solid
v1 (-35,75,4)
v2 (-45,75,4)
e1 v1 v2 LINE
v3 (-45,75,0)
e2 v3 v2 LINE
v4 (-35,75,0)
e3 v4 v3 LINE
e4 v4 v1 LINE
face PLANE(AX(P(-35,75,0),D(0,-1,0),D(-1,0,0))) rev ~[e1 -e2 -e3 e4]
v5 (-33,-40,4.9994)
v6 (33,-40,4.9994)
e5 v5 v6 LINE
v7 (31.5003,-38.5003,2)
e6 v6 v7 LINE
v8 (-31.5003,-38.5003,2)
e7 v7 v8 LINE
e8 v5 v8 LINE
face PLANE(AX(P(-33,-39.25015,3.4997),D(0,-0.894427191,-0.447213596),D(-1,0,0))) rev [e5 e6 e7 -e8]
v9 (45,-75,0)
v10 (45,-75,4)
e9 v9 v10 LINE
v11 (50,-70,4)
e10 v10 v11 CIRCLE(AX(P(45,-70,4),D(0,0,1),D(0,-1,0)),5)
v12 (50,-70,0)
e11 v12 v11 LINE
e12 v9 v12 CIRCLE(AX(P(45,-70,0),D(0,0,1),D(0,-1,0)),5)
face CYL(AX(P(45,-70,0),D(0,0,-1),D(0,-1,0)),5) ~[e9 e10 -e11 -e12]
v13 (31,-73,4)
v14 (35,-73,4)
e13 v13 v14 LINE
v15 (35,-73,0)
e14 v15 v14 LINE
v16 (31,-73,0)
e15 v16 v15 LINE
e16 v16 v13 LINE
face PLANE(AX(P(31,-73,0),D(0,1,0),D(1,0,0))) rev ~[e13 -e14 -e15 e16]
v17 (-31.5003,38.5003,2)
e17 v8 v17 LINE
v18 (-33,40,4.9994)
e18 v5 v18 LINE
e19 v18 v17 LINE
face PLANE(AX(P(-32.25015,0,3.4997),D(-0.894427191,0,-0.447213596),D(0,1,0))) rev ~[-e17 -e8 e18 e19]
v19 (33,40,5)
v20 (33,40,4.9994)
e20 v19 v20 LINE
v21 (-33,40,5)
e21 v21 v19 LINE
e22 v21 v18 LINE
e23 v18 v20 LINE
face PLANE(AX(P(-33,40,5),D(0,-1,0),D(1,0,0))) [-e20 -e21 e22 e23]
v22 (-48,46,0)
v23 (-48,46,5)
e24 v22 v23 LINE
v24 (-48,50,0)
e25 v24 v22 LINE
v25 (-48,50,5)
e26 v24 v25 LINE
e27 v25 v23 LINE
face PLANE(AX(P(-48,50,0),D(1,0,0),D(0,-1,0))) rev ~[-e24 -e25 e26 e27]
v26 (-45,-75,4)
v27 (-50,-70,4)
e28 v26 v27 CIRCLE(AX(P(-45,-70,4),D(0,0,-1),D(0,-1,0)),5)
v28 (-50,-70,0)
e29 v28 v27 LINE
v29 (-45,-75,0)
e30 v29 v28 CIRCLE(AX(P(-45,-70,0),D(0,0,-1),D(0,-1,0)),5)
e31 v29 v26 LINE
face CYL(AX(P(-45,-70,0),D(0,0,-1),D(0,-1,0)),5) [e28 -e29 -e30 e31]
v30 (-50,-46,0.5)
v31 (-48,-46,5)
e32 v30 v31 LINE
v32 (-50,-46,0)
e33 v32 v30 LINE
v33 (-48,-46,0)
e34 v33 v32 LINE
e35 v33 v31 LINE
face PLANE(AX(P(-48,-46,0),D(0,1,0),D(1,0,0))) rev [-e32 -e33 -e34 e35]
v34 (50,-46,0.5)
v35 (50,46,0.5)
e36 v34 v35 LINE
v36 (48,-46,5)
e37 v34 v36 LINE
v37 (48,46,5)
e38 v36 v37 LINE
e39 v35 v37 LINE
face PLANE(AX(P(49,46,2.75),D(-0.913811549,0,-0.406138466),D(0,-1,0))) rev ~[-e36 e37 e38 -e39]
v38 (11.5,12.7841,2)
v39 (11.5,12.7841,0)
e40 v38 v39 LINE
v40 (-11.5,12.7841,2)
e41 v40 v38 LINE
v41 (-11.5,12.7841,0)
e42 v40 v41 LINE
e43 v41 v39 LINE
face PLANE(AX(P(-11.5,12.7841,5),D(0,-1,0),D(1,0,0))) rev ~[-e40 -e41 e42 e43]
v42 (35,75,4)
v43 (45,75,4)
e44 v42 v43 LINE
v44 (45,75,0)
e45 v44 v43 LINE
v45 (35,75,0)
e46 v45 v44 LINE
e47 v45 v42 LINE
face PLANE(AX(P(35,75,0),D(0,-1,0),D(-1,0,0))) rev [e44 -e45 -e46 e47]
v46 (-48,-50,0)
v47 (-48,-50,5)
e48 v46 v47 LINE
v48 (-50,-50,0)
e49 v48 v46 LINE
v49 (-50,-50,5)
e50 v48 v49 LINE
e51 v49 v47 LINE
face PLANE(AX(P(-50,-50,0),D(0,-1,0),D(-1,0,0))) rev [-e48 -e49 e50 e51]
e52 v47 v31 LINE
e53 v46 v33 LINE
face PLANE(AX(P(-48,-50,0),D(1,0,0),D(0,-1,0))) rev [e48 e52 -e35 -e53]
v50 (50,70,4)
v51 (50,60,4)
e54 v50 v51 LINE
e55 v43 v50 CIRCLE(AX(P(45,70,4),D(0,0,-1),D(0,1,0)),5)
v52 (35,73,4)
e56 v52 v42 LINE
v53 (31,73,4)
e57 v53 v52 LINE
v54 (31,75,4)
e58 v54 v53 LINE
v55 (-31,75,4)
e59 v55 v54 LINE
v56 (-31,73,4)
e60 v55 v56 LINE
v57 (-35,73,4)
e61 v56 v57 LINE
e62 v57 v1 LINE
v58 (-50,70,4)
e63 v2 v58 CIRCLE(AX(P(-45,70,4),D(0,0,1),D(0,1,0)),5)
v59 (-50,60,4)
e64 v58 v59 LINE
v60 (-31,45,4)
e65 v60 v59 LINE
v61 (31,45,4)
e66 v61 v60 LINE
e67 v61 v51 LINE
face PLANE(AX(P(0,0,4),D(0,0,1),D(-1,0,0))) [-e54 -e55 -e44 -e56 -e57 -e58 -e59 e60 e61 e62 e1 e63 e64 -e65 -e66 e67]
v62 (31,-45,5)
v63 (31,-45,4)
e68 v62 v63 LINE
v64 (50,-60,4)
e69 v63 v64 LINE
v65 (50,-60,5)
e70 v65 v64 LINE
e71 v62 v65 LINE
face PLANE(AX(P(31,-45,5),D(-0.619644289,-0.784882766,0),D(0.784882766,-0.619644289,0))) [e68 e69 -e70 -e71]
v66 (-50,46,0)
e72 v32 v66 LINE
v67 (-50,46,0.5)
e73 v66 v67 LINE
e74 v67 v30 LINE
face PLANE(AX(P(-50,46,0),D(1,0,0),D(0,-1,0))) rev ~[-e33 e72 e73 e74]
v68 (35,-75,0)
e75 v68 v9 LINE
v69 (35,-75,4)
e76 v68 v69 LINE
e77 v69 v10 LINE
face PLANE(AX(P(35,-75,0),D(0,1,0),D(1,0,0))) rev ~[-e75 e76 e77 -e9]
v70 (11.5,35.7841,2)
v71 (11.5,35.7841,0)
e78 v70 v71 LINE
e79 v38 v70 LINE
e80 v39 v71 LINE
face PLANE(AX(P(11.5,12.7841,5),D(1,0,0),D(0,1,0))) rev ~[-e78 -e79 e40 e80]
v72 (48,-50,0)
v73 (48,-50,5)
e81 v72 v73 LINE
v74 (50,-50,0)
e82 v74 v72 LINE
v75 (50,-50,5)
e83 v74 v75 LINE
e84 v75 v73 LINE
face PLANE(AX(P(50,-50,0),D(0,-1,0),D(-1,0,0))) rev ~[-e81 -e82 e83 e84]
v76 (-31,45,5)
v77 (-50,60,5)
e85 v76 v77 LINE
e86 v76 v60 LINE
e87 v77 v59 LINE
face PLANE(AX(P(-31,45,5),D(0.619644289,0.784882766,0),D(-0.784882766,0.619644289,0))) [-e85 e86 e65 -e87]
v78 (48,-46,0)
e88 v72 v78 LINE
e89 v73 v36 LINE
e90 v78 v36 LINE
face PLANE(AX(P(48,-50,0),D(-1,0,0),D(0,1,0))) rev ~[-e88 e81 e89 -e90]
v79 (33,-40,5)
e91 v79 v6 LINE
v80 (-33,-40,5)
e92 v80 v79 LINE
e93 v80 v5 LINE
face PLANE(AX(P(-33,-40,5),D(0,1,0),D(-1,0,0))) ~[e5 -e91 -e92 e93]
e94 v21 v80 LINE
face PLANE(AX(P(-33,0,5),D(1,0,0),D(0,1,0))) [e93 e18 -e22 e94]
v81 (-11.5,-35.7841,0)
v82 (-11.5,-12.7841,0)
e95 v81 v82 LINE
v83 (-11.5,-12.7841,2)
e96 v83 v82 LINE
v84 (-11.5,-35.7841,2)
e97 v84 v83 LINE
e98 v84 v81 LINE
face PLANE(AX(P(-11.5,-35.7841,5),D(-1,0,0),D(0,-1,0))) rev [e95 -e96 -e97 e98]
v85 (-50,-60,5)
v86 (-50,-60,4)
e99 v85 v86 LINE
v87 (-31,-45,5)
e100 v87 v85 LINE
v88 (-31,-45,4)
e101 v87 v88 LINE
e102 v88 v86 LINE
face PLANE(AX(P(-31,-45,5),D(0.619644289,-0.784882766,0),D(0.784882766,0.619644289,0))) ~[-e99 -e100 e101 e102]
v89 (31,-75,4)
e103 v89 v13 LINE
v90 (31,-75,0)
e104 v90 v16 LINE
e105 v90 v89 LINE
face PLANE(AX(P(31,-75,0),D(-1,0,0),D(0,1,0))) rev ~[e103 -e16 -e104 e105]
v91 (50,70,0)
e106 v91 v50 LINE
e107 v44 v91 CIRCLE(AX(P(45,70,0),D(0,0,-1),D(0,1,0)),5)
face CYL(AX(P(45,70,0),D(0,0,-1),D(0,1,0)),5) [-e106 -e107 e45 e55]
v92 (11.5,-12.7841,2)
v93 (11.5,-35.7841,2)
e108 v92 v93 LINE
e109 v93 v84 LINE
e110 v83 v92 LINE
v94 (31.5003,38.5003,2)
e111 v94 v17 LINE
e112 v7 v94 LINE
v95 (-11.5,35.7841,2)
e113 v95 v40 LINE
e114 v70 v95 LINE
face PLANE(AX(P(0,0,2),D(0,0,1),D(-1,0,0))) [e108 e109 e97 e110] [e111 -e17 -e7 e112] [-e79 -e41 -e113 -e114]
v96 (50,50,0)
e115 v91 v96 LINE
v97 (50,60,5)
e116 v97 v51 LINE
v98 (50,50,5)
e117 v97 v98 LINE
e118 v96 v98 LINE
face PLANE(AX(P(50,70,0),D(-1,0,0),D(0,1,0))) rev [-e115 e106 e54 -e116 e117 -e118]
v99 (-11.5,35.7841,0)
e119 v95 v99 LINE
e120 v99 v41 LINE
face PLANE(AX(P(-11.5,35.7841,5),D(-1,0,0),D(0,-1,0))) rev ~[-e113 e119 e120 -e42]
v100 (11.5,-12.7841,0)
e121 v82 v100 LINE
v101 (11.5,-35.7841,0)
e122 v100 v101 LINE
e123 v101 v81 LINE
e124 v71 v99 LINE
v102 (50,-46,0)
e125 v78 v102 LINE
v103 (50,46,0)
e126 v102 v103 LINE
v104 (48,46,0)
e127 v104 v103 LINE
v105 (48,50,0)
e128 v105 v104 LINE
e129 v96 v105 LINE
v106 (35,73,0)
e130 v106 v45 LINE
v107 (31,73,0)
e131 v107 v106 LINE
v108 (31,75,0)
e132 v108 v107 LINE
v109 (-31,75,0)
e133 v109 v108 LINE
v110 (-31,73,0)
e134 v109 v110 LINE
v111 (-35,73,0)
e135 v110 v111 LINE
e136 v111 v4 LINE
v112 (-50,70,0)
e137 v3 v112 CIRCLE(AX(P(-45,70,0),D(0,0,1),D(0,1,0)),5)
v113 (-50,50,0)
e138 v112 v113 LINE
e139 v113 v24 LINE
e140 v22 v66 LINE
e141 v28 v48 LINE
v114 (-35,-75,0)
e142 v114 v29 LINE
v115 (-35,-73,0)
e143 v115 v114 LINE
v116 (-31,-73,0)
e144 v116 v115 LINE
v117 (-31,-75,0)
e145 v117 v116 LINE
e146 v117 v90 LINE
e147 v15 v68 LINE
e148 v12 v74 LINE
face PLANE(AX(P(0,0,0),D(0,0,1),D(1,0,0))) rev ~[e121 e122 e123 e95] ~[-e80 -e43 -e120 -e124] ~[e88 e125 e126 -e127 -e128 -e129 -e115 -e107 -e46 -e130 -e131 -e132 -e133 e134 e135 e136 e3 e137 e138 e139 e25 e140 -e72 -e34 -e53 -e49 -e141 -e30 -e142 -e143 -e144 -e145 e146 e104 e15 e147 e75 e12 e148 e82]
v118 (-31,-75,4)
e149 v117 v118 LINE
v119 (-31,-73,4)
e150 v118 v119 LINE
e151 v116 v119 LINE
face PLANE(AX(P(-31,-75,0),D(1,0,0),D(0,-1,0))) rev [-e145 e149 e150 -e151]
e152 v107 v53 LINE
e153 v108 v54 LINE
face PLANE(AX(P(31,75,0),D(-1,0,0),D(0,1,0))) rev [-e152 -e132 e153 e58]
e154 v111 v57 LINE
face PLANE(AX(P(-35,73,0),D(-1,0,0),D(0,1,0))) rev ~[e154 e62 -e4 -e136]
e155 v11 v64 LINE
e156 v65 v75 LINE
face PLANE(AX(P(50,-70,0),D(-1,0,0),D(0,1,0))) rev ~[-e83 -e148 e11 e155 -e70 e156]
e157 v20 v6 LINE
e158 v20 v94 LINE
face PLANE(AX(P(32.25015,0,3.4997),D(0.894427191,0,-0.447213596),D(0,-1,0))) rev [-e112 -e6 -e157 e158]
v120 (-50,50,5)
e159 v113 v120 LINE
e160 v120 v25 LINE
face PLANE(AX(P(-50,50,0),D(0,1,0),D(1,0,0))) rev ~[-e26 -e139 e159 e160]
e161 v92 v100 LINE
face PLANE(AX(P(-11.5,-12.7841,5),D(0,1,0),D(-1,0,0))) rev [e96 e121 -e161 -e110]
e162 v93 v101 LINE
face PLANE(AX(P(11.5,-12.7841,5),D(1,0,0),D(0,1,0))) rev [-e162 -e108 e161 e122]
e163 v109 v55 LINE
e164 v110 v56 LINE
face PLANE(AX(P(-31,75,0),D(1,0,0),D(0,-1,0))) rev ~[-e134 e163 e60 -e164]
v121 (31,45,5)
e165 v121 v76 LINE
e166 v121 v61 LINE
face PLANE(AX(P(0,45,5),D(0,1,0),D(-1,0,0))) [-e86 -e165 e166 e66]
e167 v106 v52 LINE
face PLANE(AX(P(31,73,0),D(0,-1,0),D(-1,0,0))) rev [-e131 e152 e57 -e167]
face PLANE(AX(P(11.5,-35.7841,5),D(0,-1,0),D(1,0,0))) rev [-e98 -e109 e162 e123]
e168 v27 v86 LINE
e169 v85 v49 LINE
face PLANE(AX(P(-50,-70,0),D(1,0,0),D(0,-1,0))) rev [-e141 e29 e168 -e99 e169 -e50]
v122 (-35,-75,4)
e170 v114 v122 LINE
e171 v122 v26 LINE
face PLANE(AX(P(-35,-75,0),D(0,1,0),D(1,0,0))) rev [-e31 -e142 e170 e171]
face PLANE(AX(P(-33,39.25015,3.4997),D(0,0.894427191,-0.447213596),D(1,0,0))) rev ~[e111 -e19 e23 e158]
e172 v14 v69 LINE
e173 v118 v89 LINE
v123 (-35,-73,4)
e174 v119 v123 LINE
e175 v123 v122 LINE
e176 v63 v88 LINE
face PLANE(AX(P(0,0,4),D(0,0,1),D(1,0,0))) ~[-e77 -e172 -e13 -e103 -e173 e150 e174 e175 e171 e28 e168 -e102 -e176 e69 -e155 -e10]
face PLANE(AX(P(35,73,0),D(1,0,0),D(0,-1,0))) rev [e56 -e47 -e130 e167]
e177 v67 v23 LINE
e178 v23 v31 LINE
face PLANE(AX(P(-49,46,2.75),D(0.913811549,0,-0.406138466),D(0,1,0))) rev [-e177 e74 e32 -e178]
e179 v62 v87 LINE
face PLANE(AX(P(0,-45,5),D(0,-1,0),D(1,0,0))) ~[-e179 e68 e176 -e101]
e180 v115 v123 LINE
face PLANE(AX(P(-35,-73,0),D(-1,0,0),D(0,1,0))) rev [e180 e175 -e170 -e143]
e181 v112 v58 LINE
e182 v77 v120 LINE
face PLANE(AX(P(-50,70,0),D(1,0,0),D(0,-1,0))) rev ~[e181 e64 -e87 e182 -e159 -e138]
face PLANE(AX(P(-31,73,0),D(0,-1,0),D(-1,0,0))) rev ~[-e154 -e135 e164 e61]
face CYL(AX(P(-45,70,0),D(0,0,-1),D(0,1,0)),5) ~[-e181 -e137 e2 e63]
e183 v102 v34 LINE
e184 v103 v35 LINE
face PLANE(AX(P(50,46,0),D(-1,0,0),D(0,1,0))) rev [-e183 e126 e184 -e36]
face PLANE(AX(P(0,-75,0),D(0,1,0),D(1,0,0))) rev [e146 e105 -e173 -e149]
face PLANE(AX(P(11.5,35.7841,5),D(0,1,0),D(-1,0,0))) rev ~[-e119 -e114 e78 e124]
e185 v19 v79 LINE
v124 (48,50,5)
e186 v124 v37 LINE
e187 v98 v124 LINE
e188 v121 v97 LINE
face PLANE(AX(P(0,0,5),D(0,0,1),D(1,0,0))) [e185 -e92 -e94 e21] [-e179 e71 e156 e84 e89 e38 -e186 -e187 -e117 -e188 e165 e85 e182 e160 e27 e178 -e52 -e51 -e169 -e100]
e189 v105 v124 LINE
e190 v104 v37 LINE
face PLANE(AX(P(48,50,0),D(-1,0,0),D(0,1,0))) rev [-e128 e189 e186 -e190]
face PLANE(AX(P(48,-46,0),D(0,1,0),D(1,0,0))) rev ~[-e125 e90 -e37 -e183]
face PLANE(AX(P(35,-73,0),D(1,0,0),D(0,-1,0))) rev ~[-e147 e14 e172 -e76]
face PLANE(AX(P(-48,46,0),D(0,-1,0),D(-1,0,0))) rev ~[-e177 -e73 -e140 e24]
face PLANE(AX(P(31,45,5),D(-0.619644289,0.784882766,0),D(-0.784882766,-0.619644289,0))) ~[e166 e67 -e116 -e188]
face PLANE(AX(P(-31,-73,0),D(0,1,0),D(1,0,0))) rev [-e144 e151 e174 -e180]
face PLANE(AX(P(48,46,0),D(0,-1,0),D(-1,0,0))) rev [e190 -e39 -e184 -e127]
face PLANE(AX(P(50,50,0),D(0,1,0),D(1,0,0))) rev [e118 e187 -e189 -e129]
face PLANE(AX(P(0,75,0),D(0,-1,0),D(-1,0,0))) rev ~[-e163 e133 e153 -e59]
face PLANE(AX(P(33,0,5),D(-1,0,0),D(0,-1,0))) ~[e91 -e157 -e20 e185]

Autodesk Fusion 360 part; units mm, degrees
sketch "Body Quarter" plane through (0, 0, 0) normal (0, 0, 1) x (1, 0, 0)
  arc A0 (-45, 75) -> (-50, 70) centre (-45, 70) ccw
  line L0 (-50, 50) -> (-48, 50)
  line L1 (-48, 50) -> (-48, 46)
  line L2 (-48, 46) -> (-50, 46)
  line L3 (-50, 70) -> (-50, 50)
  line L4 (0, 0) -> (0, 75)
  line L5 (0, 0) -> (-50, 0)
  line L6 (-50, 46) -> (-50, 0)
  line L7 (-31, 75) -> (-31, 73)
  line L8 (-31, 73) -> (-35, 73)
  line L9 (-35, 73) -> (-35, 75)
  line L10 (0, 75) -> (-31, 75)
  line L11 (-35, 75) -> (-45, 75)
  dimension "d12" = 2
  dimension "d13" = 4
  dimension "d14" = 25
  dimension "d16" = 50
  dimension "d25" = 4
  dimension "d26" = 2
  dimension "d27" = 15
  dimension "d28" = 75
  dimension "d50" = 5
extrude "Extrude1" add sketch "Body Quarter" along normal blind 5
chamfer "Chamfer4" distance 4.5 distance2 2 1 edges at (-50, 23, 5) measured on face at (-50, 30.6667, 3.3333)
sketch "Sketch4" plane through (0, 0, 5) normal (0, 0, 1) x (-1, 0, 0)
  line L0 (48, -46) -> (48, 0)
  line L1 (48, 0) -> (0, 0)
  line L2 (0, 0) -> (0, -75)
  line L3 (0, -75) -> (31, -75)
  line L4 (31, -75) -> (31, -73)
  line L5 (31, -73) -> (35, -73)
  line L6 (35, -73) -> (35, -75)
  line L7 (35, -75) -> (45, -75)
  arc A0 (45, -75) -> (50, -70) centre (45, -70) ccw
  line L8 (50, -70) -> (50, -50)
  line L9 (50, -50) -> (48, -50)
  line L10 (48, -50) -> (48, -46)
  line L11 (0, 0) -> (33, 0)
  line L12 (33, 0) -> (33, -40)
  line L13 (33, -40) -> (0, -40)
  line L14 (0, -40) -> (0, 0)
  dimension "d57" = 40
  dimension "d58" = 33
extrude "Extrude4" cut sketch "Sketch4" against normal blind 3 contours L1 L2 L11 L12 L13 L14
chamfer "Chamfer5" distance 3 distance2 1.5 2 edges at (-33, 20, 2) (-16.5, 40, 2) measured on face at (-33, 13.3333, 4) measured on face at (-22, 40, 4)
sketch "Sketch5" plane through (0, 0, 5) normal (0, 0, 1) x (-1, 0, 0)
  line L0 (33, -40) -> (0, -40)
  line L1 (0, -40) -> (0, -75)
  line L2 (0, -75) -> (31, -75)
  line L3 (31, -75) -> (31, -73)
  line L4 (31, -73) -> (35, -73)
  line L5 (35, -73) -> (35, -75)
  line L6 (35, -75) -> (45, -75)
  arc A0 (45, -75) -> (50, -70) centre (45, -70) ccw
  line L7 (50, -70) -> (50, -50)
  line L8 (50, -50) -> (48, -50)
  line L9 (48, -50) -> (48, -46)
  line L10 (48, -46) -> (48, 0)
  line L11 (48, 0) -> (33, 0)
  line L12 (33, 0) -> (33, -40)
  line L13 (0, -45) -> (31, -45)
  line L14 (31, -45) -> (50, -60)
extrude "Extrude5" cut sketch "Sketch5" against normal blind 1 contours L1 L2 L3 L4 L5 L6 A0 L7 L13 L14
mirror "Mirror1" about plane through (0, 0, 0) normal (1, 0, 0) of bodies 1 merged
mirror "Mirror2" about plane through (0, 0, 0) normal (0, -1, 0) of bodies 1 merged
sketch "Mech Hole" plane through (0, 0, 5) normal (0, 0, 1) x (-1, 0, 0)
  line L0 (50, -60) -> (50, -50)
  line L1 (50, -50) -> (48, -50)
  line L2 (48, -50) -> (48, -46)
  line L3 (48, 46) -> (48, 50)
  line L4 (48, 50) -> (50, 50)
  line L5 (50, 50) -> (50, 60)
  line L6 (-50, 60) -> (-50, 50)
  line L7 (-50, 50) -> (-48, 50)
  line L8 (-48, 50) -> (-48, 46)
  line L9 (-48, -46) -> (-48, -50)
  line L10 (-48, -50) -> (-50, -50)
  line L11 (-50, -50) -> (-50, -60)
  line L12 (-11.5, -35.7841) -> (11.5, -35.7841)
  line L13 (11.5, -35.7841) -> (11.5, -12.7841)
  line L14 (11.5, -12.7841) -> (-11.5, -12.7841)
  line L15 (-11.5, -12.7841) -> (-11.5, -35.7841)
  line L16 (-11.5, -35.7841) -> (11.5, -12.7841) construction
  line L17 (11.5, -35.7841) -> (-11.5, -12.7841) construction
  line L18 (48, -46) -> (48, 46)
  line L19 (-48, 46) -> (-48, -46)
  line L20 (-50, -60) -> (-31, -45)
  line L21 (-31, -45) -> (31, -45)
  line L22 (31, -45) -> (50, -60)
  line L23 (50, 60) -> (31, 45)
  line L24 (31, 45) -> (-31, 45)
  line L25 (-31, 45) -> (-50, 60)
  line L26 (-33, -40) -> (-33, 40)
  line L27 (-33, 40) -> (33, 40)
  line L28 (33, 40) -> (33, -40)
  line L29 (33, -40) -> (-33, -40)
  point P0 (0, -24.2841)
  dimension "d39" = 23
extrude "Extrude2" cut sketch "Mech Hole" against normal through all contours L12 L13 L14 L15
mirror "Mirror3" about plane through (0, 0, 0) normal (0, 1, 0) of "Extrude2"
equation "d16 = ( 100 / 2 ) * 1 mm"
equation "d28 = ( 150 / 2 ) * 1 mm"
